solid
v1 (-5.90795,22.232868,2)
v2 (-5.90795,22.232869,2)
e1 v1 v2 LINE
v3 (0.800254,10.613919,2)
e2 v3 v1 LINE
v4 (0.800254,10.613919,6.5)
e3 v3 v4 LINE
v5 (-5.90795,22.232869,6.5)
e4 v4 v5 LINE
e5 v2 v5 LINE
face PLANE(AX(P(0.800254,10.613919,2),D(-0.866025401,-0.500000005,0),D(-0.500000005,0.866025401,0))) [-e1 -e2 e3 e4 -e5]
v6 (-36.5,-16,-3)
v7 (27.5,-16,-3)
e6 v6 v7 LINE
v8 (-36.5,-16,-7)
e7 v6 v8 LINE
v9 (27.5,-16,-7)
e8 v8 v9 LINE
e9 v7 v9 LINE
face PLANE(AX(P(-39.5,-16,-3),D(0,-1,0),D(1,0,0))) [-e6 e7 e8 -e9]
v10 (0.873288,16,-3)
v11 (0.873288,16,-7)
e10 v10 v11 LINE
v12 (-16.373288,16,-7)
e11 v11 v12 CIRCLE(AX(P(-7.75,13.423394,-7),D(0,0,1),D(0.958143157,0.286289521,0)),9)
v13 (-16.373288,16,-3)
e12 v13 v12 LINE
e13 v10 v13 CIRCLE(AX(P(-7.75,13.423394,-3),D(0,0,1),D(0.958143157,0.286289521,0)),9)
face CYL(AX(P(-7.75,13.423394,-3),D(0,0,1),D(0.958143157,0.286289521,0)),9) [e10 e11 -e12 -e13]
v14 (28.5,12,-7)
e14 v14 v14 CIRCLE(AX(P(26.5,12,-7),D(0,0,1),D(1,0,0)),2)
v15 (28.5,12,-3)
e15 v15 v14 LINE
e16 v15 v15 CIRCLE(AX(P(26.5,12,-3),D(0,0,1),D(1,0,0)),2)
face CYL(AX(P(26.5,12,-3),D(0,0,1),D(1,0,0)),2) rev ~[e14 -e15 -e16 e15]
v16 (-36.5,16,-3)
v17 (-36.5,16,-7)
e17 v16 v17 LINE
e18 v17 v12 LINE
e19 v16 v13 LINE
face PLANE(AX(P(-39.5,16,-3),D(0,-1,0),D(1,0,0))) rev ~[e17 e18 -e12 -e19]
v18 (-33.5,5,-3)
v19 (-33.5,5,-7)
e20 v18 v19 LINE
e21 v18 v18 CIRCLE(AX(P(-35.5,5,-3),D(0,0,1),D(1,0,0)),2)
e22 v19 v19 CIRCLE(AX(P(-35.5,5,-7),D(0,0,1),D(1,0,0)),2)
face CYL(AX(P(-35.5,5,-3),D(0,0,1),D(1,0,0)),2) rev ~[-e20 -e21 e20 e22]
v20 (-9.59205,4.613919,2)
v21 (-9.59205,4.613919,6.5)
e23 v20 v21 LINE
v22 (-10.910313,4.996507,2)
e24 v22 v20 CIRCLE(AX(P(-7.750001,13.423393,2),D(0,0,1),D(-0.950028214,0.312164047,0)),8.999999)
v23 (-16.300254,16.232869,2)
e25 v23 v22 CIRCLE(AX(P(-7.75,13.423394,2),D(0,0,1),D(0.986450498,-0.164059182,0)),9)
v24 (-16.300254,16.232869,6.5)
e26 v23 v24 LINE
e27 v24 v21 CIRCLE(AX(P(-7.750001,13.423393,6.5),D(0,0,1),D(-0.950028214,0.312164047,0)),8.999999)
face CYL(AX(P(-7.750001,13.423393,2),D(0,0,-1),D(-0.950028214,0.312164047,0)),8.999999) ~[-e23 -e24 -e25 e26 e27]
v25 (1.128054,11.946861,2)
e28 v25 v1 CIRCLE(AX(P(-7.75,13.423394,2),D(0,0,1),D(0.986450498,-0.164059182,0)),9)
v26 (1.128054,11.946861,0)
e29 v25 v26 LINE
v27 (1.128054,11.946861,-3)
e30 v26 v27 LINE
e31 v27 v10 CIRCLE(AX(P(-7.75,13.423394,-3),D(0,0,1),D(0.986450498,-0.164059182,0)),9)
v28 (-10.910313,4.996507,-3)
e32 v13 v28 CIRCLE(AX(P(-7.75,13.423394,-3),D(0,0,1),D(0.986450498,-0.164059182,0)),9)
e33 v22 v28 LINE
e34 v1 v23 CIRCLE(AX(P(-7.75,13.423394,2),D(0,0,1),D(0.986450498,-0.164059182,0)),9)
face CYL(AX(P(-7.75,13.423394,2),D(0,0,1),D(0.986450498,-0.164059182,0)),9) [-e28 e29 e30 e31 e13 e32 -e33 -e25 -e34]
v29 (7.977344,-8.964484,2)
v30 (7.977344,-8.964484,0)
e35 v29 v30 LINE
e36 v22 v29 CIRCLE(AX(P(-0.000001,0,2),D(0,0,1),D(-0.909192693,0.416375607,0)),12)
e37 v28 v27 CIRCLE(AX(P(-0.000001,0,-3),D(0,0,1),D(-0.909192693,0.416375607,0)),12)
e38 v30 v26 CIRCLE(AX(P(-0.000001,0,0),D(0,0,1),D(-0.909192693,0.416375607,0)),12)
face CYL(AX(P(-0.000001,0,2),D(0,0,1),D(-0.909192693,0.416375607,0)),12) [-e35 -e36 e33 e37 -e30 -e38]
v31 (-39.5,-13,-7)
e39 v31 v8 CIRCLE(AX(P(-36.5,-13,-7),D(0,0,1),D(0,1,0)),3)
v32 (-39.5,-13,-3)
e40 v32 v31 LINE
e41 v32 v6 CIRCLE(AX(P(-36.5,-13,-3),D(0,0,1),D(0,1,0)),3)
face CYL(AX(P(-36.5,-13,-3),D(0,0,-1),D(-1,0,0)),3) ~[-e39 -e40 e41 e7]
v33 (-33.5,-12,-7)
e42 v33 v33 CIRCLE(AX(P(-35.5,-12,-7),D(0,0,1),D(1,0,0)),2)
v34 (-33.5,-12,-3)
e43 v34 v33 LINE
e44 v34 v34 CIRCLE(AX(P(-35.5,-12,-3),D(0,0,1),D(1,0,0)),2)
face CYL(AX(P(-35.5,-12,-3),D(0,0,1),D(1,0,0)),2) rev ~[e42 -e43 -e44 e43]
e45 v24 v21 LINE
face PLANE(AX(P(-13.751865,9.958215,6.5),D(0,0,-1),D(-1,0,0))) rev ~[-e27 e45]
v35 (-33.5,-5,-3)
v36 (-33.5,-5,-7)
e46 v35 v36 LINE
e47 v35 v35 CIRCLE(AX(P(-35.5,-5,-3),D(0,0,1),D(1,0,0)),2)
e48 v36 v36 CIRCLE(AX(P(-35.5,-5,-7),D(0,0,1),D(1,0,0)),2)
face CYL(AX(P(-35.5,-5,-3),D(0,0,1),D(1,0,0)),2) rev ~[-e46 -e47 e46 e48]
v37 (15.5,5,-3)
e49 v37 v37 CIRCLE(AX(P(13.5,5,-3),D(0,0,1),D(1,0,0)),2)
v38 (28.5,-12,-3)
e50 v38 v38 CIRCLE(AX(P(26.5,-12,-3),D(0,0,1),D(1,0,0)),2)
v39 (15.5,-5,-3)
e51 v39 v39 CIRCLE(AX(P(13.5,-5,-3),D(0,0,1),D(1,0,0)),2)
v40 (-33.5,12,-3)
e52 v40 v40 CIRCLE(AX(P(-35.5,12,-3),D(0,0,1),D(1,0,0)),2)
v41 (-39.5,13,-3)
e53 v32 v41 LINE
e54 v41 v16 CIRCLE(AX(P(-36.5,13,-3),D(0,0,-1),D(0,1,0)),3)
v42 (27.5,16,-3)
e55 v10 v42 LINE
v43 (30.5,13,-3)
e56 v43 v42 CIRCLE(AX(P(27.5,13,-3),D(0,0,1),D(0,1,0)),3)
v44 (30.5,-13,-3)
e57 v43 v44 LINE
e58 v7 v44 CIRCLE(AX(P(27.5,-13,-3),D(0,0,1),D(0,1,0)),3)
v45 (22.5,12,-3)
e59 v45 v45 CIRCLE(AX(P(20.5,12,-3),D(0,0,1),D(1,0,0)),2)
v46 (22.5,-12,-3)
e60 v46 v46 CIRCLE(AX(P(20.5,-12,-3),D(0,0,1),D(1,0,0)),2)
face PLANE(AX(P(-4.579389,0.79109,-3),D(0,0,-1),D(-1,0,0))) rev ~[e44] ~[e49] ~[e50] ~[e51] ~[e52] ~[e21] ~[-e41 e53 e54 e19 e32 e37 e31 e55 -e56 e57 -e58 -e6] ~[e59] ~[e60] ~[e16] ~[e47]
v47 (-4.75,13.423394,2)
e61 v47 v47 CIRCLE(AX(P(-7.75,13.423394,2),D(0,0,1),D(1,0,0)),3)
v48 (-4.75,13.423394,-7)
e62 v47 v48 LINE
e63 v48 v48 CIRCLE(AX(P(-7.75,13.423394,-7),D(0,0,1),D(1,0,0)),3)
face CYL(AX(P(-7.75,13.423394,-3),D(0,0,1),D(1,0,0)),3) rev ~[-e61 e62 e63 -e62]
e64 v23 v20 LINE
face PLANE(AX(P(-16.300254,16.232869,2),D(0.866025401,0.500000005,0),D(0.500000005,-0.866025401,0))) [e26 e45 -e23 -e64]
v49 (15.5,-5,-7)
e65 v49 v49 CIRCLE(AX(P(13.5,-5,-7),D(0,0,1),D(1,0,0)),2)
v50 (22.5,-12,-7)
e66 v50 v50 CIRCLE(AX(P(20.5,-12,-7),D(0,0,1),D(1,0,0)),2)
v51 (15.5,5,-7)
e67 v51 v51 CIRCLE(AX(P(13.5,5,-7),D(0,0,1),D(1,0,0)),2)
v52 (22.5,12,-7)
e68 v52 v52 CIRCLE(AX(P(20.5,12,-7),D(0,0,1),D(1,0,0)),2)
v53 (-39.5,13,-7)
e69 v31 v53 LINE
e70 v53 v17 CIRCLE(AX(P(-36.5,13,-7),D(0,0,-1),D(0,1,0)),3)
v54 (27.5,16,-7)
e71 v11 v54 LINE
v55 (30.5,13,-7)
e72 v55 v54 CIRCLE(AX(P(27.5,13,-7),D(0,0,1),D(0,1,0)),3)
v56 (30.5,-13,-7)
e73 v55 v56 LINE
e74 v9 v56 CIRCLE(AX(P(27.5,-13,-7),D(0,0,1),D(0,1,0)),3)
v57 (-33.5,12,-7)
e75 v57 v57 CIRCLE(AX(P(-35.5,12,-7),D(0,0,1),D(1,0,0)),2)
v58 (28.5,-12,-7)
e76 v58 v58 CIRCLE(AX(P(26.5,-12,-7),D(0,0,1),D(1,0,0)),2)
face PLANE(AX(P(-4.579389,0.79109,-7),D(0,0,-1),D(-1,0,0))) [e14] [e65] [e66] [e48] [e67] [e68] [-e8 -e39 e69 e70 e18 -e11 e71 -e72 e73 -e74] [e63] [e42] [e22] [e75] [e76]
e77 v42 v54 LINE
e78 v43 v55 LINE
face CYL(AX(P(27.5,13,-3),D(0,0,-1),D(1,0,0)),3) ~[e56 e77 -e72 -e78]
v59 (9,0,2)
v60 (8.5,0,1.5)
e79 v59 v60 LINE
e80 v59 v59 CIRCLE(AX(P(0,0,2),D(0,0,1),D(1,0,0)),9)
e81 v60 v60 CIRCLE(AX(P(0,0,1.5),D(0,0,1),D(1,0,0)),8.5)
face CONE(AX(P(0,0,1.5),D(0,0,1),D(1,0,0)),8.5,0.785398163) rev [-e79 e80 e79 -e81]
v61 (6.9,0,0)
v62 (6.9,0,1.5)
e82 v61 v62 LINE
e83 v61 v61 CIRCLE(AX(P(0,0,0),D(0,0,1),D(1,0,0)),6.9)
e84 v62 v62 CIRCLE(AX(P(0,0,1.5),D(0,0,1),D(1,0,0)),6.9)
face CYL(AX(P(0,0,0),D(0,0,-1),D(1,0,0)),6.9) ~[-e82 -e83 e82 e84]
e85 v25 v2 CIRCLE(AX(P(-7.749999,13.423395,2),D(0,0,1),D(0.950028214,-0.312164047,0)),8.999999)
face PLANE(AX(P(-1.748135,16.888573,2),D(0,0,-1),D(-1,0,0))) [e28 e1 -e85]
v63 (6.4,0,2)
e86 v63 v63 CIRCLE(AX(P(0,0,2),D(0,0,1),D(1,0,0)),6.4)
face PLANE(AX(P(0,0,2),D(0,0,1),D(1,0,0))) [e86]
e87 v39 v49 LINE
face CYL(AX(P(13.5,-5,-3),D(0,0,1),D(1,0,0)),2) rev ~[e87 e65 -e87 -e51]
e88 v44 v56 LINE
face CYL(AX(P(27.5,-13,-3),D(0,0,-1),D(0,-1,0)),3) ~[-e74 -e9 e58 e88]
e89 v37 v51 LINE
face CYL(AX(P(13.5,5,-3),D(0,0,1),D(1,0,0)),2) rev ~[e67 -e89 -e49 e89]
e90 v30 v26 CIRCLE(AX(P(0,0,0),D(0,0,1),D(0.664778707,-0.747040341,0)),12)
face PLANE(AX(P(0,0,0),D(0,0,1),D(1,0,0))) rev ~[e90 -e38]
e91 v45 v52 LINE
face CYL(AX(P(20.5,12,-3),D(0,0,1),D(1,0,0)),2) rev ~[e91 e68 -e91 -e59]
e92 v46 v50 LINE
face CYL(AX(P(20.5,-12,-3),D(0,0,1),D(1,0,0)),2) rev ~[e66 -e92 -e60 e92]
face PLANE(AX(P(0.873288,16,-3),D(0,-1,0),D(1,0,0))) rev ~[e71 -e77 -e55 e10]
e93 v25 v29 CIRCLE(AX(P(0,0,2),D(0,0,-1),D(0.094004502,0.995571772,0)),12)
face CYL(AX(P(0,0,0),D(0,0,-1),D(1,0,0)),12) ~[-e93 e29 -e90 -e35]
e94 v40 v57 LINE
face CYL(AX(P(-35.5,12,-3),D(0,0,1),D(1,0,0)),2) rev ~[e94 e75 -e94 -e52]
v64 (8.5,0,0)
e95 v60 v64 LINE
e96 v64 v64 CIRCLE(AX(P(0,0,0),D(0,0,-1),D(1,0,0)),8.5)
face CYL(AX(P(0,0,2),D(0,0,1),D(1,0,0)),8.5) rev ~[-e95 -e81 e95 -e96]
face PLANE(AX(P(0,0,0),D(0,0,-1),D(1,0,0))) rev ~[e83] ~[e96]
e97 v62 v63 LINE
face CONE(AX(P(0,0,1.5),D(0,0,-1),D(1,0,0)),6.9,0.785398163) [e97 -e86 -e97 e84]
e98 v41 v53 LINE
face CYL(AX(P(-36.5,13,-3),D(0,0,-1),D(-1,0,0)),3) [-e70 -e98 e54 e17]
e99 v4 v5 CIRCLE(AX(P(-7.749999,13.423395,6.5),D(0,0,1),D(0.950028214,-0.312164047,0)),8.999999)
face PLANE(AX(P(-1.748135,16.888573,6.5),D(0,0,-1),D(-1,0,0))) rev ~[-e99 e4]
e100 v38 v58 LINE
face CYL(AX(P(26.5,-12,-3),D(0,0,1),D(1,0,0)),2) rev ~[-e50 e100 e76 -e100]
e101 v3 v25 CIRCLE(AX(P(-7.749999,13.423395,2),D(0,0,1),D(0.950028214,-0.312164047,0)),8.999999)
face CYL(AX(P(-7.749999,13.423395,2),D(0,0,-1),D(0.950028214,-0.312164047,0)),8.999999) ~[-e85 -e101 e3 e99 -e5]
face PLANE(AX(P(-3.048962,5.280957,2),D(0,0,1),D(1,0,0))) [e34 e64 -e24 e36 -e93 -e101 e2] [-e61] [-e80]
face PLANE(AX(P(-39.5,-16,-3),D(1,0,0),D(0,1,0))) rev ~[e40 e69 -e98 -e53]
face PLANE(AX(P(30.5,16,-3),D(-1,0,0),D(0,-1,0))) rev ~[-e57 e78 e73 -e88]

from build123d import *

# Parameters (mm, degrees)
SKETCH_R        = 12
SKETCH_R_2      = 8.5
PAD_DEPTH       = 2
SKETCH001_R     = 8.5
SKETCH001_R_2   = 3
PAD001_DEPTH    = 5
SKETCH002_R     = 8.5
PAD002_DEPTH    = 3
SKETCH003_R     = 6.9
PAD003_DEPTH    = 2
PAD004_DEPTH    = 4.5
SKETCH005_R     = 2
PAD005_DEPTH    = 4
SKETCH006_R     = 3
POCKET_DEPTH    = 5
CHAMFER_SIZE    = 0.5
CHAMFER001_SIZE = 0.5
FILLET_R        = 3


with BuildPart() as part:
    # Sketch → Pad (new body)
    with BuildSketch(Plane.XY):
        Circle(SKETCH_R)
        Circle(SKETCH_R_2, mode=Mode.SUBTRACT)
    extrude(amount=PAD_DEPTH)

    # Sketch001 (on Face4 of Pad) → Pad001 (join)
    with BuildSketch(Plane.XY.offset(2)):
        with BuildLine():
            ThreePointArc((1.128054, 11.946861), (-12.25, 21.217622), (-10.910313, 4.996507))
            ThreePointArc((-10.910313, 4.996507), (6, -10.392305), (1.128054, 11.946861))
        make_face()
        Circle(SKETCH001_R, mode=Mode.SUBTRACT)
        with Locations((-7.75, 13.423394)):
            Circle(SKETCH001_R_2, mode=Mode.SUBTRACT)
    extrude(amount=-PAD001_DEPTH)

    # Sketch002 (on Face6 of Pad001) → Pad002 (join)
    with BuildSketch(Plane(origin=(0, 0, -3), x_dir=(1, 0, 0), z_dir=(0, 0, -1))):
        Circle(SKETCH002_R)
    extrude(amount=-PAD002_DEPTH)

    # Sketch003 (on Face11 of Pad002) → Pad003 (join)
    with BuildSketch(Plane.XY):
        Circle(SKETCH003_R)
    extrude(amount=PAD003_DEPTH)

    # Sketch004 (on Face7 of Pad003) → Pad004 (join)
    with BuildSketch(Plane.XY.offset(2)):
        with BuildLine():
            Line((-16.300254, 16.232869), (-9.59205, 4.613919))
            ThreePointArc((-16.300254, 16.232869), (-15.544229, 8.923394), (-9.59205, 4.613919))
        make_face()
        with BuildLine():
            Line((0.800254, 10.613919), (-5.90795, 22.232869))
            ThreePointArc((0.800254, 10.613919), (0.044229, 17.923394), (-5.90795, 22.232869))
        make_face()
    extrude(amount=PAD004_DEPTH)

    # Sketch005 (on Face19 of Pad004) → Pad005 (join)
    with BuildSketch(Plane.XY.offset(-3)):
        with BuildLine():
            Line((-39.5, 16), (-16.373288, 16))
            ThreePointArc((0.873288, 16), (-7.75, 22.423394), (-16.373288, 16))
            Line((0.873288, 16), (17.5, 16))
            Line((17.5, 16), (24.5, 16))
            Line((24.5, 16), (30.5, 16))
            Line((30.5, 16), (30.5, -16))
            Line((-39.5, -16), (30.5, -16))
            Line((-39.5, -16), (-39.5, 16))
        make_face()
        with Locations((-35.5, 5)):
            Circle(SKETCH005_R, mode=Mode.SUBTRACT)
        with Locations((-35.5, -5)):
            Circle(SKETCH005_R, mode=Mode.SUBTRACT)
        with Locations((13.5, 5)):
            Circle(SKETCH005_R, mode=Mode.SUBTRACT)
        with Locations((13.5, -5)):
            Circle(SKETCH005_R, mode=Mode.SUBTRACT)
        with Locations((-35.5, 12)):
            Circle(SKETCH005_R, mode=Mode.SUBTRACT)
        with Locations((-35.5, -12)):
            Circle(SKETCH005_R, mode=Mode.SUBTRACT)
        with Locations((20.5, 12)):
            Circle(SKETCH005_R, mode=Mode.SUBTRACT)
        with Locations((20.5, -12)):
            Circle(SKETCH005_R, mode=Mode.SUBTRACT)
        with Locations((26.5, -12)):
            Circle(SKETCH005_R, mode=Mode.SUBTRACT)
        with Locations((26.5, 12)):
            Circle(SKETCH005_R, mode=Mode.SUBTRACT)
    extrude(amount=-PAD005_DEPTH)

    # Sketch006 → Pocket (cut)
    with BuildSketch(Plane.XY.offset(-3)):
        with Locations((-7.75, 13.423394)):
            Circle(SKETCH006_R)
    extrude(amount=-POCKET_DEPTH, mode=Mode.SUBTRACT)

    # Chamfer
    chamfer_edges = [part.edges().sort_by_distance(p)[0] for p in [
        (-8.5, 0, 2),
    ]]
    chamfer(chamfer_edges, length=CHAMFER_SIZE)

    # Chamfer001
    chamfer001_edges = [part.edges().sort_by_distance(p)[0] for p in [
        (-6.9, 0, 2),
    ]]
    chamfer(chamfer001_edges, length=CHAMFER001_SIZE)

    # Fillet
    fillet_edges = [part.edges().sort_by_distance(p)[0] for p in [
        (-39.5, -16, -5),
        (-39.5, 16, -5),
        (30.5, -16, -5),
        (30.5, 16, -5),
    ]]
    fillet(fillet_edges, radius=FILLET_R)


solid = part.part
